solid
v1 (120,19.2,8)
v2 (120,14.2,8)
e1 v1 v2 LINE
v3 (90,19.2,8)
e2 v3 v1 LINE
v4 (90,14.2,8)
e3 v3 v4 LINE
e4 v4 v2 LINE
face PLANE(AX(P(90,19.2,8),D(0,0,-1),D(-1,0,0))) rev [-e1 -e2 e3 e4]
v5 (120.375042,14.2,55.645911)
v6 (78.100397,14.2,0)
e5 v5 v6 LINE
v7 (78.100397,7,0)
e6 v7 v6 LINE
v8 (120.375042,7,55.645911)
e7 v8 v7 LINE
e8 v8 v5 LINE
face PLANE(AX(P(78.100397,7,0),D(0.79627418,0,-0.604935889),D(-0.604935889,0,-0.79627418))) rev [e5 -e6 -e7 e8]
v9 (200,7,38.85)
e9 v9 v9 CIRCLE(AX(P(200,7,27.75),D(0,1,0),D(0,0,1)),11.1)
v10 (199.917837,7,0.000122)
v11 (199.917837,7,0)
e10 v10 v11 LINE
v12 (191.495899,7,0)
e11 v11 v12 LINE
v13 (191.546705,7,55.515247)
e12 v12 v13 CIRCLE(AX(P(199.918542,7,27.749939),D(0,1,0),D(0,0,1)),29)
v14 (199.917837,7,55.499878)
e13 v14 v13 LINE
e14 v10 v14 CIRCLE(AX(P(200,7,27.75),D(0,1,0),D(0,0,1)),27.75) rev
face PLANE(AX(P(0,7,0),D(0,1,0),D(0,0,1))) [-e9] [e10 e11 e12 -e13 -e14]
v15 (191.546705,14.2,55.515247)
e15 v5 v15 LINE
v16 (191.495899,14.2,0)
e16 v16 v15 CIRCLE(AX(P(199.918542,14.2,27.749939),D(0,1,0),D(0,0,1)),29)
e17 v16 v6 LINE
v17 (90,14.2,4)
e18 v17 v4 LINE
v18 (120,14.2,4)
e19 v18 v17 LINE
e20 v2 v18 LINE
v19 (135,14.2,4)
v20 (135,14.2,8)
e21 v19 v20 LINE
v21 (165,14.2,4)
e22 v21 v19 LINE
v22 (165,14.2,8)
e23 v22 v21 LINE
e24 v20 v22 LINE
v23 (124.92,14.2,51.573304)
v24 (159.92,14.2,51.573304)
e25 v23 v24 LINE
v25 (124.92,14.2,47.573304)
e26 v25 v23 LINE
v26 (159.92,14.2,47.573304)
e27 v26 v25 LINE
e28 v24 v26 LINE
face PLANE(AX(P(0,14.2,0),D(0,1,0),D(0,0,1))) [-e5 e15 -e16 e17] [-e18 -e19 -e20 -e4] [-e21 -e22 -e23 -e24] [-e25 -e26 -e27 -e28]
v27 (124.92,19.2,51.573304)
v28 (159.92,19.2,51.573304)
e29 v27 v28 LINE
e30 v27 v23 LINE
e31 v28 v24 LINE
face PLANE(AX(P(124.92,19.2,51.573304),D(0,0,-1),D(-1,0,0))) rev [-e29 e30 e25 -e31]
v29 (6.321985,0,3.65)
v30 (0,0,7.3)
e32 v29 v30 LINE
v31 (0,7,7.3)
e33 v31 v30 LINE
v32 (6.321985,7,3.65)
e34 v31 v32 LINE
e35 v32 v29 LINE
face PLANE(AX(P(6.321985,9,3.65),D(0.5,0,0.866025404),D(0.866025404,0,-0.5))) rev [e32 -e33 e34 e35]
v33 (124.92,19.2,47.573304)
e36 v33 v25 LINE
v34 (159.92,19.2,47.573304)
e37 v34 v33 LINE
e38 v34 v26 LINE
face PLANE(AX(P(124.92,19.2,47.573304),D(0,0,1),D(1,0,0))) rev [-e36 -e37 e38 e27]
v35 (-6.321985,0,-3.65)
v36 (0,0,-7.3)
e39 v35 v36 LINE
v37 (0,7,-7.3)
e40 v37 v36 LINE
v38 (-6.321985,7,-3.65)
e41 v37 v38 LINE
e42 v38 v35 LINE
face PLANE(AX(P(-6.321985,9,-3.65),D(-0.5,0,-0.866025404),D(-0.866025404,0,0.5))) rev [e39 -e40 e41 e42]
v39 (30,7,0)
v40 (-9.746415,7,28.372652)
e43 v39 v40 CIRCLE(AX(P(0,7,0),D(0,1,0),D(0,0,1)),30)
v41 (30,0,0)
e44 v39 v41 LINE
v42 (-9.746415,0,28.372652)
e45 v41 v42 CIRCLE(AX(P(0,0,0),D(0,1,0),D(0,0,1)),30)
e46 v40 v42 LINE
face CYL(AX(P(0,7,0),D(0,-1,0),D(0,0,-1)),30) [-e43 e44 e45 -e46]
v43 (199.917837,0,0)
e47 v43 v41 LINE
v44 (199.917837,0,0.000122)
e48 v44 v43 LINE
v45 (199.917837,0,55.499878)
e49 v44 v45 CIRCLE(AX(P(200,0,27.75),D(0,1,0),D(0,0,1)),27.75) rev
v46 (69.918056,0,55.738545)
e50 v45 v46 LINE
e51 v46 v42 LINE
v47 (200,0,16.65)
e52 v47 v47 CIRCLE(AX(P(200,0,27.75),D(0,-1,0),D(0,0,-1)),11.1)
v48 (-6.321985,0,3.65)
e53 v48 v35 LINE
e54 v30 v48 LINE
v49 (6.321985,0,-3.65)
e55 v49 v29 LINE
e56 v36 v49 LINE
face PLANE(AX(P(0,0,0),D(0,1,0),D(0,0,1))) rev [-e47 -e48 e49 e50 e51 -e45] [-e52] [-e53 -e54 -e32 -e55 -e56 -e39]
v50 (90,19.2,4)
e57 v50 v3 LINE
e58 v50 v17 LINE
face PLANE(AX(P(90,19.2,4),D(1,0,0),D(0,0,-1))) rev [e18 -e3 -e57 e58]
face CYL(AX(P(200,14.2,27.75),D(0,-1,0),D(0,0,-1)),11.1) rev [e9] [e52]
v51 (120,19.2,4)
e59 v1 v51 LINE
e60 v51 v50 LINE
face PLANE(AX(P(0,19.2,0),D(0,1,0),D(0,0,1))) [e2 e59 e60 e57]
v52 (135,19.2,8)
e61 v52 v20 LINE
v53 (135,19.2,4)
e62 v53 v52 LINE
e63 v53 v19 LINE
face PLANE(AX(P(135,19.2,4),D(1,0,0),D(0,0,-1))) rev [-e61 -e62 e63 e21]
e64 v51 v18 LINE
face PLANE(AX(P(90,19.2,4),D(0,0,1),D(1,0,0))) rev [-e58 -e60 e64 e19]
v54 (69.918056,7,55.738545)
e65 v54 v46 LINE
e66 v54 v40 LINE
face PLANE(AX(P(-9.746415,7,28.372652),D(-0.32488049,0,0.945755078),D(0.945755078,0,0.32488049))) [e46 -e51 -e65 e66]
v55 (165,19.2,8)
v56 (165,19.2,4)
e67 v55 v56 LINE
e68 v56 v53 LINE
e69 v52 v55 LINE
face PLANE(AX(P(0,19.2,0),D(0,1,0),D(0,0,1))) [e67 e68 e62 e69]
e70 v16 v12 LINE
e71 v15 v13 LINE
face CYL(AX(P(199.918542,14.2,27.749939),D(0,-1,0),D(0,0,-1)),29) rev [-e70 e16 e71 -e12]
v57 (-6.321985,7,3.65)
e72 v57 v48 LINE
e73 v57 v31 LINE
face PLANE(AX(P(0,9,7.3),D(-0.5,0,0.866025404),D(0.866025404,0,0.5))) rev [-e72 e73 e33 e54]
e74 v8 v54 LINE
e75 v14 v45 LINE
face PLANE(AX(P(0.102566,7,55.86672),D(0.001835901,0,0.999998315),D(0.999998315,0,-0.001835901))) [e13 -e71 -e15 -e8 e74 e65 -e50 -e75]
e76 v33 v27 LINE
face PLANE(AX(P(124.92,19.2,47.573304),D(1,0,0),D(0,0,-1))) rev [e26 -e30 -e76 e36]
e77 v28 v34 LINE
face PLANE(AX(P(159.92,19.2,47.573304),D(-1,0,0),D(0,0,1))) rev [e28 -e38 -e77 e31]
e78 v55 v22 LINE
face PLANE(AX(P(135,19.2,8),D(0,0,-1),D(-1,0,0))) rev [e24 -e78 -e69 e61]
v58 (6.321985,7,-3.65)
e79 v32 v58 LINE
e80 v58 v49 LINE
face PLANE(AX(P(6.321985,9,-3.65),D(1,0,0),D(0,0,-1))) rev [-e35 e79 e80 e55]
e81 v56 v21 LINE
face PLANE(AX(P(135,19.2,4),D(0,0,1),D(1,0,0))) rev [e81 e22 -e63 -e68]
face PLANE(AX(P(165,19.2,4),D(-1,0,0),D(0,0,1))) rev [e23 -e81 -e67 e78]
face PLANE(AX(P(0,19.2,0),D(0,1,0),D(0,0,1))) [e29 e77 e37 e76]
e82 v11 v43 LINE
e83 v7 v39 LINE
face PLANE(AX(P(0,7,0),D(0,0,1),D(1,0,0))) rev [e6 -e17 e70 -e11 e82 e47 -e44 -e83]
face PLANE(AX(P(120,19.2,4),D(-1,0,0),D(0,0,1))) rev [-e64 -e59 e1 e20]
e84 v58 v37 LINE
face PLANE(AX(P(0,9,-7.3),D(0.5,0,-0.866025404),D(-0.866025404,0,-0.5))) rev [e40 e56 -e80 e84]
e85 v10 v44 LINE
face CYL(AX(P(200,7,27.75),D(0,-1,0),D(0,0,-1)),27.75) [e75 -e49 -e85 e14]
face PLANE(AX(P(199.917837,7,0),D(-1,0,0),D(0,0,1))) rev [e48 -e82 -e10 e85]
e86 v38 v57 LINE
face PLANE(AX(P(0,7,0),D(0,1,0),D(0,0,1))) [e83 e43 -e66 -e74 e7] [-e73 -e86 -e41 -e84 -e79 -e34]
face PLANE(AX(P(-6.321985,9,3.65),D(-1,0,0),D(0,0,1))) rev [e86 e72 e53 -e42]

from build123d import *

# Parameters (mm, degrees)
EXTRUDE_1_DEPTH     = 7
CUT_EXTRUDE_1_DEPTH = 9
EXTRUDE_5_DEPTH     = 7.2
SKETCH_14_R         = 11.1
CUT_EXTRUDE_2_DEPTH = 235.901017342
SKETCH_15_W         = 30
SKETCH_15_H         = 4
SKETCH_15_W_2       = 35
EXTRUDE_6_DEPTH     = 5
CUT_EXTRUDE_3_DEPTH = 7.2


with BuildPart() as part:
    # Эскиз1 → Бобышка-Вытянуть1 (new body)
    with BuildSketch(Plane(origin=(0, 0, 0), x_dir=(1, 0, 0), z_dir=(0, 1, 0))):
        with BuildLine():
            Line((199.917837119, 0), (30, 0))
            ThreePointArc((30, 0), (-17.429967854, 24.417129656), (-9.746414708, -28.372652332))
            Line((-9.746414708, -28.372652332), (69.918056204, -55.738545445))
            Line((69.918056204, -55.738545445), (199.917837119, -55.499878365))
            ThreePointArc((199.917837119, -55.499878365), (227.75, -27.75), (199.917837119, -0.000121635))
            Line((199.917837119, -0.000121635), (199.917837119, 0))
        make_face()
    extrude(amount=EXTRUDE_1_DEPTH)

    # Эскиз10 → Вырез-Вытянуть1 (cut)
    with BuildSketch(Plane.XZ):
        Polygon((0, 7.3), (-6.321985448, 3.65), (-6.321985448, -3.65), (0, -7.3), (6.321985448, -3.65), (6.321985448, 3.65), align=None)
    extrude(amount=-CUT_EXTRUDE_1_DEPTH, mode=Mode.SUBTRACT)

    # Эскиз11 → Бобышка-Вытянуть5 (add)
    with BuildSketch(Plane(origin=(0, 7, 0), x_dir=(1, 0, 0), z_dir=(0, 1, 0))):
        with BuildLine():
            ThreePointArc((191.546705266, -55.515246957), (170.918554023, -27.776478596), (191.495899106, 0))
            Line((191.495899106, 0), (69.918541879, 0))
            Line((69.918541879, 0), (69.918541879, -55.738544553))
            Line((69.918541879, -55.738544553), (191.546705266, -55.515246957))
        make_face()
    extrude(amount=EXTRUDE_5_DEPTH)

    # Эскиз14 → Вырез-Вытянуть2 (cut, through all)
    with BuildSketch(Plane.XZ):
        with Locations(Location((200, 27.75, 0), (0, 0, 270))):
            Circle(SKETCH_14_R)
    extrude(amount=-CUT_EXTRUDE_2_DEPTH, mode=Mode.SUBTRACT)

    # Эскиз15 → Бобышка-Вытянуть6 (add)
    with BuildSketch(Plane(origin=(0, 14.2, 0), x_dir=(1, 0, 0), z_dir=(0, 1, 0))):
        with Locations((105, -6)):
            Rectangle(SKETCH_15_W, SKETCH_15_H)
        with Locations((150, -6)):
            Rectangle(SKETCH_15_W, SKETCH_15_H)
        with Locations((142.42, -49.573303801)):
            Rectangle(SKETCH_15_W_2, SKETCH_15_H)
    extrude(amount=EXTRUDE_6_DEPTH)

    # Эскиз16 → Вырез-Вытянуть3 (cut)
    with BuildSketch(Plane(origin=(0, 14.2, 0), x_dir=(1, 0, 0), z_dir=(0, 1, 0))):
        Polygon((78.100396808, 0), (69.918541879, 0), (69.918541879, -55.738544553), (120.375042432, -55.645911276), align=None)
    extrude(amount=-CUT_EXTRUDE_3_DEPTH, mode=Mode.SUBTRACT)


solid = part.part
